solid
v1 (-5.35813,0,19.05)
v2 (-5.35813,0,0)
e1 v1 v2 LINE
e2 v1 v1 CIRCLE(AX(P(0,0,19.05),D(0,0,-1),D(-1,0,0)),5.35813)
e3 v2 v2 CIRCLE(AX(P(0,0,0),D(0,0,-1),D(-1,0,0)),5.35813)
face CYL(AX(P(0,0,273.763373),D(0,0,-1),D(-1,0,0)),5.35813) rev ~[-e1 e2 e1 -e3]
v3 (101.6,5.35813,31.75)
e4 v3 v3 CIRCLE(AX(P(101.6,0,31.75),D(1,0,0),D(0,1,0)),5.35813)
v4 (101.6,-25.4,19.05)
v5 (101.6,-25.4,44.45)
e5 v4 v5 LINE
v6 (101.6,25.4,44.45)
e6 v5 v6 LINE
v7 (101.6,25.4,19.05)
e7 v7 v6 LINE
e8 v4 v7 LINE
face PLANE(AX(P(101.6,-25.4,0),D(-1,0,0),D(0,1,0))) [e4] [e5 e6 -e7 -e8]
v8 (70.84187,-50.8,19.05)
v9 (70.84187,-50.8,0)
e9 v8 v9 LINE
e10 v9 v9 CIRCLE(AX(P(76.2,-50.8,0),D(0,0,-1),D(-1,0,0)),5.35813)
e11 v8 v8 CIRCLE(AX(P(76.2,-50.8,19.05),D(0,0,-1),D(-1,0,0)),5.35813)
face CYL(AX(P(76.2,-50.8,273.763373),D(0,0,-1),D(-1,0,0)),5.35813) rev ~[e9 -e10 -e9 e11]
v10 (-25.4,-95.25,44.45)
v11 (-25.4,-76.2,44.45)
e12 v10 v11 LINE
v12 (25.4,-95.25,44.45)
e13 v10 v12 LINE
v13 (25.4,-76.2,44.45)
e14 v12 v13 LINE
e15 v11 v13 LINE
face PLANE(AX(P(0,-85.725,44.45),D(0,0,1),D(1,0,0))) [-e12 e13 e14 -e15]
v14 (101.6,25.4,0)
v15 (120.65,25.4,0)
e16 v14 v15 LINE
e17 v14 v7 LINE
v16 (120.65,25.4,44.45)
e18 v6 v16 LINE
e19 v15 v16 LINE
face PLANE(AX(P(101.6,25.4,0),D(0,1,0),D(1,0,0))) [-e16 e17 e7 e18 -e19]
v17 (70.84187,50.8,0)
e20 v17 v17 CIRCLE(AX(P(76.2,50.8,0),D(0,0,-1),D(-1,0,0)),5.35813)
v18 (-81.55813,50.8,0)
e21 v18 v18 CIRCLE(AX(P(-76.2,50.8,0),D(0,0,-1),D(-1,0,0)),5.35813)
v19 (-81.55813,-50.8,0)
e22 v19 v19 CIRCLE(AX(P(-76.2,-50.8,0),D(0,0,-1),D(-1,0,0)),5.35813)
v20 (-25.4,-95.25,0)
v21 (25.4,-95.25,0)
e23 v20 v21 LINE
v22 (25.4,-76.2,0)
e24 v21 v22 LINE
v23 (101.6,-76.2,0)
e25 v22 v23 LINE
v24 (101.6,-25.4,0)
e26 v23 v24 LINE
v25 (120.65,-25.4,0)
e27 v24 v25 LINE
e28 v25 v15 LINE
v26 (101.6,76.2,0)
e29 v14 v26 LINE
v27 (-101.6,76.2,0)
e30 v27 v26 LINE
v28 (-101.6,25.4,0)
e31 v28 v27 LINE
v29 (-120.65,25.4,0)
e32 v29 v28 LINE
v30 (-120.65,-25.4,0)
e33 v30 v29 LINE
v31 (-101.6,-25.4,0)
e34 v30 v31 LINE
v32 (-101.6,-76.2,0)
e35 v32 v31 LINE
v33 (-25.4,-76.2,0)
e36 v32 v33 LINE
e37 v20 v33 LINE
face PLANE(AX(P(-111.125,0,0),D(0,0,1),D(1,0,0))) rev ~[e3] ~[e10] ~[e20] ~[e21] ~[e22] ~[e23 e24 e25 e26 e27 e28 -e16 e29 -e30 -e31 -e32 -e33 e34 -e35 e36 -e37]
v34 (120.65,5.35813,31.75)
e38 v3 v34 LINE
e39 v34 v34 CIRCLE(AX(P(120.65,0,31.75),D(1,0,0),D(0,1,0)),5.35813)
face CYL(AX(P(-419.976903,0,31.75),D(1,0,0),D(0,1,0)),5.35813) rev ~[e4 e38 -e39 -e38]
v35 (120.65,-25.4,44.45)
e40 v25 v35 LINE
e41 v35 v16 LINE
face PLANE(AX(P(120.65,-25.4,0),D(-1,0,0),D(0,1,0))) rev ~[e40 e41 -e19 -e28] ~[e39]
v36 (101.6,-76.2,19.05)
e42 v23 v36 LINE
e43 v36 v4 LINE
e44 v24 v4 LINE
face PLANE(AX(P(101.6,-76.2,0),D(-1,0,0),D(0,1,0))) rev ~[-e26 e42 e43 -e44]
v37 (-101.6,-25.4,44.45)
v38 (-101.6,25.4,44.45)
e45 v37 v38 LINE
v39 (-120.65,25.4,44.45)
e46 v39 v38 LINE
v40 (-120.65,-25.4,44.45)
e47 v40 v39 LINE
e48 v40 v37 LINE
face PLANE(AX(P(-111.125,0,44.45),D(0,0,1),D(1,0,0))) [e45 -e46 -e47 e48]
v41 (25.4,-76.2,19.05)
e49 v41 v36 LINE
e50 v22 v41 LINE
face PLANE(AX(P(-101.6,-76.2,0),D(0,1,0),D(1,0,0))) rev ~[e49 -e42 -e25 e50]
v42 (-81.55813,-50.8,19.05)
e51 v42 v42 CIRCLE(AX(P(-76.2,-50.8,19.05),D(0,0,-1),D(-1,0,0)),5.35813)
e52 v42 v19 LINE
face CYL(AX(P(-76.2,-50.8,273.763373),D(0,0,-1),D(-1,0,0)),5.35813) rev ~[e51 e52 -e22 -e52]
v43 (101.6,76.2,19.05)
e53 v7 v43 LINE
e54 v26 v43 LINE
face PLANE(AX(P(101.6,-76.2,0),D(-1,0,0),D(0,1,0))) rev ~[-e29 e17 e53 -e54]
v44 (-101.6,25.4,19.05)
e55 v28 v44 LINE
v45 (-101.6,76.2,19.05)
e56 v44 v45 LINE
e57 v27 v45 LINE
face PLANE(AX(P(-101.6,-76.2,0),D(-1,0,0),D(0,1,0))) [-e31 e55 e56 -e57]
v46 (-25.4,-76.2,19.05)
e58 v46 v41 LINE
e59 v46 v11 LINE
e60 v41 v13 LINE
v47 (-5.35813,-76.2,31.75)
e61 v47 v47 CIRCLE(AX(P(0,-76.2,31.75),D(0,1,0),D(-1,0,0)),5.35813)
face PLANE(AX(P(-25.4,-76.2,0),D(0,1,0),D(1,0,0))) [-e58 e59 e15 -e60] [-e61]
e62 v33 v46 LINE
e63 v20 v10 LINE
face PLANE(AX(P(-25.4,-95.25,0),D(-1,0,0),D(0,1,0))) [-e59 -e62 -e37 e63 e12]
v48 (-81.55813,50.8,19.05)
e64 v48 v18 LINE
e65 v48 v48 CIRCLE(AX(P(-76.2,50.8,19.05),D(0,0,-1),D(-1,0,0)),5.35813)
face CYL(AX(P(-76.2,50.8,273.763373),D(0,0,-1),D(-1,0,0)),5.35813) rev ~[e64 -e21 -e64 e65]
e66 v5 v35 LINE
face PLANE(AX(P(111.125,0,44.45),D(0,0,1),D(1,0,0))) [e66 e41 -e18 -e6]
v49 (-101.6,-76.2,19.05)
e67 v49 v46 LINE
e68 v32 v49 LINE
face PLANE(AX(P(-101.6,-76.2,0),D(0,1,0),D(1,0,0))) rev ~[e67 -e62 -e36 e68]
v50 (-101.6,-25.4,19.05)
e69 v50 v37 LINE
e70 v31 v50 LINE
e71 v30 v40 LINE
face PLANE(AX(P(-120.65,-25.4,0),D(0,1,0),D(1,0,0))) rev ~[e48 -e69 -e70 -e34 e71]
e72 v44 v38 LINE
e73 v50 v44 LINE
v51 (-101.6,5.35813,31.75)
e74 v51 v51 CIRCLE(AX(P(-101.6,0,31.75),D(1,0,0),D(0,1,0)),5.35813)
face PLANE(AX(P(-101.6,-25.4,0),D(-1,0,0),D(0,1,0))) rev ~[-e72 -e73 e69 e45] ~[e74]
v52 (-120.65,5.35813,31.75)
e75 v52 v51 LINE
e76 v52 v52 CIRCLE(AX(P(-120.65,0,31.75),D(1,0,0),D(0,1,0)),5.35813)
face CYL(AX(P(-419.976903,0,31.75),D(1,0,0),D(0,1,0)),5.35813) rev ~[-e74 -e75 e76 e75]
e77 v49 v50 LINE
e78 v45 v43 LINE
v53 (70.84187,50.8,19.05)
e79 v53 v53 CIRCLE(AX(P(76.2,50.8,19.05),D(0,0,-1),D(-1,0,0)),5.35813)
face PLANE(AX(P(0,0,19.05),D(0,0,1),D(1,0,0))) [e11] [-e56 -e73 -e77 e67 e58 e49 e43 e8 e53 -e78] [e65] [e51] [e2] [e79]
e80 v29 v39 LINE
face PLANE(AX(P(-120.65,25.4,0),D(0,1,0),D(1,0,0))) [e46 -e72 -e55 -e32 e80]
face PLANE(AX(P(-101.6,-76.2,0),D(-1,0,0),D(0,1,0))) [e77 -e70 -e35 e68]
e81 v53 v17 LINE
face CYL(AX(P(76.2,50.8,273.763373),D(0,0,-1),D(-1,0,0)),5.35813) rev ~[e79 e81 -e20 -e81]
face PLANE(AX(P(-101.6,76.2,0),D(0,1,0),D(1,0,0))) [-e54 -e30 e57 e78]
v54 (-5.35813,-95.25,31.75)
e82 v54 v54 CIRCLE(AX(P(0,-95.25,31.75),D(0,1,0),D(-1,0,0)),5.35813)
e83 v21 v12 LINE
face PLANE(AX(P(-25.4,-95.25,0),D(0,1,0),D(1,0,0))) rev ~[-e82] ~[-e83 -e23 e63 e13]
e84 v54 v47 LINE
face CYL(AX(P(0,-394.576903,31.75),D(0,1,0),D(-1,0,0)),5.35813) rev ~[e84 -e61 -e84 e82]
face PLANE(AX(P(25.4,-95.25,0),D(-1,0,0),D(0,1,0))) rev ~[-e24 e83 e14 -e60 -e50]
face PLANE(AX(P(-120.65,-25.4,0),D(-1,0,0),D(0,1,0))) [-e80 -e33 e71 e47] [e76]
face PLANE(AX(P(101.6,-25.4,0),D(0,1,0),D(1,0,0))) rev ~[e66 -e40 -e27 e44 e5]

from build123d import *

# Parameters (mm, degrees)
F0_W     = 203.2
F0_H     = 152.4
F1_DEPTH = 19.05
F3_D     = 10.71626
F4_W     = 19.05
F4_H     = 50.8
F4_W_2   = 50.8
F4_H_2   = 19.05
F5_DEPTH = 44.45
F7_D     = 10.71626
F9_D     = 10.71626


with BuildPart() as f1:
    # F0 (on Top) → F1 (new body)
    with BuildSketch(Plane.XY):
        Rectangle(F0_W, F0_H)
    extrude(amount=F1_DEPTH)

    # F3 (through all)
    with Locations(Plane.XY.offset(19.05)):
        with Locations((-76.2, 50.8), (76.2, 50.8), (0, 0), (-76.2, -50.8), (76.2, -50.8)):
            Hole(F3_D / 2)

    # F4 (on face) → F5 (join)
    with BuildSketch(Plane.XY):
        with Locations((-111.125, 0)):
            Rectangle(F4_W, F4_H)
        with Locations((0, -85.725)):
            Rectangle(F4_W_2, F4_H_2)
        with Locations((111.125, 0)):
            Rectangle(F4_W, F4_H)
    extrude(amount=F5_DEPTH)

    # F7 (through all)
    with Locations(Plane.XZ.offset(95.25)):
        with Locations((0, 31.75)):
            Hole(F7_D / 2)

    # F9 (through all)
    with Locations(Plane(origin=(-120.65, 0, 0), x_dir=(0, -1, 0), z_dir=(-1, 0, 0))):
        with Locations((0, 31.75)):
            Hole(F9_D / 2)


solid = f1.part
